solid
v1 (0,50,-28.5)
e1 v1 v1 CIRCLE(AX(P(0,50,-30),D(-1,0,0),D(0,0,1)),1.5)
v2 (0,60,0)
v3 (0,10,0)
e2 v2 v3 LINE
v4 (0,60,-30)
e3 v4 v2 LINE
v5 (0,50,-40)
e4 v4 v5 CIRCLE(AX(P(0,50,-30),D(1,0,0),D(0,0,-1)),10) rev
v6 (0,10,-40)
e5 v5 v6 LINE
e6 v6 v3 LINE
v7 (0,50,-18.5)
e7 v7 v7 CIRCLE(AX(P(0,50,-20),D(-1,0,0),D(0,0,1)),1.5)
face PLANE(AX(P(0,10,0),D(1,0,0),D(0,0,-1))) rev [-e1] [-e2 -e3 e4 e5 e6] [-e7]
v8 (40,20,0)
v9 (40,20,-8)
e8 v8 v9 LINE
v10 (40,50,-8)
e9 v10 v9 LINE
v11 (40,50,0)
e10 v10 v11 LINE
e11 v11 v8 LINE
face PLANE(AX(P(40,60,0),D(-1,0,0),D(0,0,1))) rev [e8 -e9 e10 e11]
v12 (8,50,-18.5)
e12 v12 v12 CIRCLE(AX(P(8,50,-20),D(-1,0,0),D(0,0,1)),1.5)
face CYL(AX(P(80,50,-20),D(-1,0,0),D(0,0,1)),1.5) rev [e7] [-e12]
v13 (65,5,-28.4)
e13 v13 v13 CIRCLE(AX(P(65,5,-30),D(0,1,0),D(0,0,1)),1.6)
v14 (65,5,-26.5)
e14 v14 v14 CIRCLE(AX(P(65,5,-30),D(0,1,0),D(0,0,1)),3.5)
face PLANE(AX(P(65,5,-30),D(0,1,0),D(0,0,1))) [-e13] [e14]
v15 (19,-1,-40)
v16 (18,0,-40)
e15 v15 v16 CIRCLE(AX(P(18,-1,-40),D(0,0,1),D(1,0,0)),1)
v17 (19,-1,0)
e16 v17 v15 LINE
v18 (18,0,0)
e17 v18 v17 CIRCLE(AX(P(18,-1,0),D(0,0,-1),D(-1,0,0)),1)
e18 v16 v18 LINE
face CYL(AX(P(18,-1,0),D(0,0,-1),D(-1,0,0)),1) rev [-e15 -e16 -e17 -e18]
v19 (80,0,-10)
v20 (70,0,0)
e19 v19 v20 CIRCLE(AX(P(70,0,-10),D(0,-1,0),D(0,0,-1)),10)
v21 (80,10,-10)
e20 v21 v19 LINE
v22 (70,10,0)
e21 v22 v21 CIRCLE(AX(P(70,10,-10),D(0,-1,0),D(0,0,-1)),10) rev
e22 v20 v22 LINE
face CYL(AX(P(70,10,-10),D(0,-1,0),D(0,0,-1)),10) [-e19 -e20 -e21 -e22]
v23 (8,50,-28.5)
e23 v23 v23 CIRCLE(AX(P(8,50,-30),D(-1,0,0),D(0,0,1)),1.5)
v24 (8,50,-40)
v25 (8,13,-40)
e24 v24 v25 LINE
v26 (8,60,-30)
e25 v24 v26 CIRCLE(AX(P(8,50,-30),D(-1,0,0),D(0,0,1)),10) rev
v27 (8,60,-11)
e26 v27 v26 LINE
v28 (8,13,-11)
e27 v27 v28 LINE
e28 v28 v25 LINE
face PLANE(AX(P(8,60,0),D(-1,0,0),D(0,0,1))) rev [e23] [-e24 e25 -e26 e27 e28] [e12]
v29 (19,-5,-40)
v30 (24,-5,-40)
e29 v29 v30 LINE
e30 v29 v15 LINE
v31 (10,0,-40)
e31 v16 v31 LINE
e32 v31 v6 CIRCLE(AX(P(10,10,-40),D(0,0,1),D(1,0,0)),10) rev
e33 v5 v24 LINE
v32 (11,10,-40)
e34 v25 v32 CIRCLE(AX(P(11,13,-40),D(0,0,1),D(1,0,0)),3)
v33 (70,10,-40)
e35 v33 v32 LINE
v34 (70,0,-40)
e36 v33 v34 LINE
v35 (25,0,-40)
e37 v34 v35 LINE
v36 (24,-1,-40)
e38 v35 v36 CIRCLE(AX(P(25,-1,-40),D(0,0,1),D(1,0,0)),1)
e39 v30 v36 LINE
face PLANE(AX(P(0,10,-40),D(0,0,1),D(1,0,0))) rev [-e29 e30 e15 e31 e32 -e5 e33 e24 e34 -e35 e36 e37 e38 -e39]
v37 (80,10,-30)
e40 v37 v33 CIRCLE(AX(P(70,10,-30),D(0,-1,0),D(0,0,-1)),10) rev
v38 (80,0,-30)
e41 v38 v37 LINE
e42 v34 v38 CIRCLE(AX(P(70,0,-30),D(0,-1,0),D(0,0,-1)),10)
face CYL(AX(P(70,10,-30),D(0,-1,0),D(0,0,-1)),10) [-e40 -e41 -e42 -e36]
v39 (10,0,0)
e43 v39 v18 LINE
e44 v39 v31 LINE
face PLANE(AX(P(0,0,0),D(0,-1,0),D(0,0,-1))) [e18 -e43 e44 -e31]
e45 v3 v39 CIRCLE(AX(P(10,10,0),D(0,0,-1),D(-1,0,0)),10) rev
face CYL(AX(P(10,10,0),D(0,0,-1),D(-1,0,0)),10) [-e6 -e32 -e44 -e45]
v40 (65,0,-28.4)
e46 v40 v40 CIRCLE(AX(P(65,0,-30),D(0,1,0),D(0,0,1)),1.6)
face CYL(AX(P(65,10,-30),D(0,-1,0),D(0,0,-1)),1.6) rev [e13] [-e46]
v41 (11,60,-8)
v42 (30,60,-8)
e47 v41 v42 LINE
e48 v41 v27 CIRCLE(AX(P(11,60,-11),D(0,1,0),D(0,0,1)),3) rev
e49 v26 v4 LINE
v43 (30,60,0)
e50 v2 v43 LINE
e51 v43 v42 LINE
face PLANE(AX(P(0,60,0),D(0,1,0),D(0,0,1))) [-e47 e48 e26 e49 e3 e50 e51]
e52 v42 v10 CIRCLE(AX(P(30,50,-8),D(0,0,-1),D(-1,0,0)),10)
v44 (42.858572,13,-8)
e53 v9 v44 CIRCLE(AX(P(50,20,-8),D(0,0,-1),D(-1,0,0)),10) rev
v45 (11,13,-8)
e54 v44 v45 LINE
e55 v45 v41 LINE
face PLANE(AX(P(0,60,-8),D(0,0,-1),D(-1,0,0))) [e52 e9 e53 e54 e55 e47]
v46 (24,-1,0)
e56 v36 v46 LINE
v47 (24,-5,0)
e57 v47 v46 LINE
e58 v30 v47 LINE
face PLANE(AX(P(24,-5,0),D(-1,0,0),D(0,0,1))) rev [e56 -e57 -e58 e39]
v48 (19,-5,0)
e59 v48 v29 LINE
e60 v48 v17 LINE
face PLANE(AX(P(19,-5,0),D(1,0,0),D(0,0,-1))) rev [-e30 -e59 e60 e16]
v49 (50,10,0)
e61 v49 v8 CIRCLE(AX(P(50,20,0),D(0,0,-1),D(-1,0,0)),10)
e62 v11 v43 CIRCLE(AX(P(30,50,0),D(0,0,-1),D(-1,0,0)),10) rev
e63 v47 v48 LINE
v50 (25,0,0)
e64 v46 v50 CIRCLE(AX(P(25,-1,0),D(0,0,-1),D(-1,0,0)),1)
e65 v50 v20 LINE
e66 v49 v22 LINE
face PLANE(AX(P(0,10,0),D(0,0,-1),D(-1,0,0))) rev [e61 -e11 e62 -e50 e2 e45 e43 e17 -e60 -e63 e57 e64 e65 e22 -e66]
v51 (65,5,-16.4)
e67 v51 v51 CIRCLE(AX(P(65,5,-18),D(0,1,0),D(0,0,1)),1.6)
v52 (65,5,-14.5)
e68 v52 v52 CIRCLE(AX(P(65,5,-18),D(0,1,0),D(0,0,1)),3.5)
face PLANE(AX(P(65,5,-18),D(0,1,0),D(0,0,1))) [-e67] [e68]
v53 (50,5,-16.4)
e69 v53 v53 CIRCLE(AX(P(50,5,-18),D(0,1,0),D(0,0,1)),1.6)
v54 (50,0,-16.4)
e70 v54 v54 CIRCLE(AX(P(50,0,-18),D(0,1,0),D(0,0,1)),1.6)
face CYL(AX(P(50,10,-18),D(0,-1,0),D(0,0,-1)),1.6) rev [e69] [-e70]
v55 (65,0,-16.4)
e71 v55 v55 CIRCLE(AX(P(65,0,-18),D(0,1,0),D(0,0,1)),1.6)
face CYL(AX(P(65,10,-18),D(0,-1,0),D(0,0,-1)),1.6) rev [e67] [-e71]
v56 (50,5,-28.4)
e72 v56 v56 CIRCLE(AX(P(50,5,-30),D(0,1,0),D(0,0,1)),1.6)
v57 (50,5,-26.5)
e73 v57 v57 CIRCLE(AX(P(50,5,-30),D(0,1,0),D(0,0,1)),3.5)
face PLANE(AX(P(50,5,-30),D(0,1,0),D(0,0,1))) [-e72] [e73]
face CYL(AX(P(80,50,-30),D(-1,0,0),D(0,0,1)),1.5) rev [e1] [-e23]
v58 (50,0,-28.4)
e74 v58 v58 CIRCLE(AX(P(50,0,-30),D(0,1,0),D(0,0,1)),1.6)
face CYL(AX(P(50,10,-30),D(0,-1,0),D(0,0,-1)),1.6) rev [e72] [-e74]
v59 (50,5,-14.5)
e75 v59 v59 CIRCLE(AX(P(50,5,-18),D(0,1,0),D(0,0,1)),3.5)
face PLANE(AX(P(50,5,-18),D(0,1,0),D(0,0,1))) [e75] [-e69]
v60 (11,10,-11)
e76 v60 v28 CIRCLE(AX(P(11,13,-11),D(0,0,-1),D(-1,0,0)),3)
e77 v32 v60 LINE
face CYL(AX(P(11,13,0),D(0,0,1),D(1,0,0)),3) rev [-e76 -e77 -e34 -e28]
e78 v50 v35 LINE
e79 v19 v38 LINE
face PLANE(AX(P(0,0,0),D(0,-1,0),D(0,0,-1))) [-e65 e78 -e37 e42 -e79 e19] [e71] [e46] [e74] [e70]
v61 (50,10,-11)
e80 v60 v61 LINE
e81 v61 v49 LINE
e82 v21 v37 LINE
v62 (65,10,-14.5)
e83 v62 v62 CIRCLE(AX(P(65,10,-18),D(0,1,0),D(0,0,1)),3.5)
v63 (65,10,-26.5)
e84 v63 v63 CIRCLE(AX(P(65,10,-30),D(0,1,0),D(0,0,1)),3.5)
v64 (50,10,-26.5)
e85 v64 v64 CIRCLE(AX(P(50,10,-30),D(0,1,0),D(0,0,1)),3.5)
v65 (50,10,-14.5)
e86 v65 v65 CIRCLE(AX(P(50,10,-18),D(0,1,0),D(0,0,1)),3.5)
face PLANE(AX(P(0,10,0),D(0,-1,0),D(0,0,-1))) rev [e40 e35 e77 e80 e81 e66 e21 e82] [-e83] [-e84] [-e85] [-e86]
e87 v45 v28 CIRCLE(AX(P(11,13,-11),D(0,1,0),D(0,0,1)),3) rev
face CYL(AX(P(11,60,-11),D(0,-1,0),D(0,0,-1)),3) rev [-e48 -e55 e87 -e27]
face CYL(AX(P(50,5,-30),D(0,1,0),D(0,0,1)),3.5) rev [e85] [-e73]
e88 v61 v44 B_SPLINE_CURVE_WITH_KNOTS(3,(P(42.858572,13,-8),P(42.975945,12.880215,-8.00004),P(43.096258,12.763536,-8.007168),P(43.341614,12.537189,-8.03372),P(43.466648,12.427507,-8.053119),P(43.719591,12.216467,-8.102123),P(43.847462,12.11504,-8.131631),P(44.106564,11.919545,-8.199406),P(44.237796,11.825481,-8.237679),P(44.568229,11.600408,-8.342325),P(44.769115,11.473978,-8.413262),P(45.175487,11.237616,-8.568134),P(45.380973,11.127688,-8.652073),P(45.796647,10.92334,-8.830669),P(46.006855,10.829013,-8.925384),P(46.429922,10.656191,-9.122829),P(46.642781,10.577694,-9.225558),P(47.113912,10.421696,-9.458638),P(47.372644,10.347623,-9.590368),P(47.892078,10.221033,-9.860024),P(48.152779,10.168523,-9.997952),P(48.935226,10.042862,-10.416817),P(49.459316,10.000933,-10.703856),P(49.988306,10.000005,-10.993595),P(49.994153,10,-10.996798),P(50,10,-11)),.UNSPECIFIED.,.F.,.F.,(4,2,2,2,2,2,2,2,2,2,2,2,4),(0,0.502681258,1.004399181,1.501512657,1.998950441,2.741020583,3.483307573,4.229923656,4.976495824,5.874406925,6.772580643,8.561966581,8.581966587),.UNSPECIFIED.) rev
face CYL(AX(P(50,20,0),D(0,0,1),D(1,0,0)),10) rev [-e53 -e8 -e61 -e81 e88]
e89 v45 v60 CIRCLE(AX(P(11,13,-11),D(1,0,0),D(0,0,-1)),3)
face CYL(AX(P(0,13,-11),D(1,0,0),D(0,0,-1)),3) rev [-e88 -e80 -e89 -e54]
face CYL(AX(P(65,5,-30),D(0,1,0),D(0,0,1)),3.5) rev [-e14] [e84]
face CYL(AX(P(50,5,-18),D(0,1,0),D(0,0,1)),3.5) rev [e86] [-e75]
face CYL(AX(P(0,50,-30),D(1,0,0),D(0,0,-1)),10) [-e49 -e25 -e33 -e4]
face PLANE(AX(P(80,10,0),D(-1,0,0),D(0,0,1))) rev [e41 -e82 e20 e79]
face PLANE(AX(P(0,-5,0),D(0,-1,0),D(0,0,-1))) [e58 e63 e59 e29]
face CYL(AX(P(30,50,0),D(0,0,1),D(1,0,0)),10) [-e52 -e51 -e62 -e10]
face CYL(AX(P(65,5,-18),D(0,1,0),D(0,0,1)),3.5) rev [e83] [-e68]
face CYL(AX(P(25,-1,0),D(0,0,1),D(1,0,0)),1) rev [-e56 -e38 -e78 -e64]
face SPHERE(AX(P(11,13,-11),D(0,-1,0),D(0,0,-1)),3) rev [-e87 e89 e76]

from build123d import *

# Parameters (mm, degrees)
SKETCH1_W           = 80
SKETCH1_H           = 40
SKETCH1_R           = 1.6
BOSS_EXTRUDE1_DEPTH = 10
SKETCH2_W           = 8
SKETCH2_H           = 32
SKETCH2_H_2         = 8
SKETCH2_W_2         = 32
BOSS_EXTRUDE2_DEPTH = 50
FILLET1_R           = 10
FILLET2_R           = 3
SKETCH3_R           = 3.5
CUT_EXTRUDE1_DEPTH  = 5
FILLET3_R           = 10
SKETCH4_W           = 5
SKETCH4_H           = 40
BOSS_EXTRUDE3_DEPTH = 5
FILLET4_R           = 1
SKETCH5_R           = 1.5
CUT_EXTRUDE2_DEPTH  = 80


with BuildPart() as part:
    # Sketch1 → Boss-Extrude1 (new body)
    with BuildSketch(Plane(origin=(0, 0, 0), x_dir=(1, 0, 0), z_dir=(0, 1, 0))):
        with Locations((40, 20)):
            Rectangle(SKETCH1_W, SKETCH1_H)
        with Locations(Location((65, 30, 0), (0, 0, 270))):
            Circle(SKETCH1_R, mode=Mode.SUBTRACT)
        with Locations(Location((50, 30, 0), (0, 0, 270))):
            Circle(SKETCH1_R, mode=Mode.SUBTRACT)
        with Locations(Location((50, 18, 0), (0, 0, 270))):
            Circle(SKETCH1_R, mode=Mode.SUBTRACT)
        with Locations(Location((65, 18, 0), (0, 0, 270))):
            Circle(SKETCH1_R, mode=Mode.SUBTRACT)
    extrude(amount=BOSS_EXTRUDE1_DEPTH)

    # Sketch2 → Boss-Extrude2 (add)
    with BuildSketch(Plane(origin=(0, 10, 0), x_dir=(1, 0, 0), z_dir=(0, 1, 0))):
        with Locations((4, 24)):
            Rectangle(SKETCH2_W, SKETCH2_H)
        with Locations((4, 4)):
            Rectangle(SKETCH2_W, SKETCH2_H_2)
        with Locations((24, 4)):
            Rectangle(SKETCH2_W_2, SKETCH2_H_2)
    extrude(amount=BOSS_EXTRUDE2_DEPTH)

    # Fillet1
    fillet1_edges = [part.edges().sort_by_distance(p)[0] for p in [
        (40, 10, -4),
        (40, 60, -4),
        (4, 60, -40),
        (80, 5, -40),
        (80, 5, 0),
    ]]
    fillet(fillet1_edges, radius=FILLET1_R)

    # Fillet2
    fillet2_edges = [part.edges().sort_by_distance(p)[0] for p in [
        (8, 10, -24),
        (8, 35, -8),
        (29, 10, -8),
    ]]
    fillet(fillet2_edges, radius=FILLET2_R)

    # Sketch3 → Cut-Extrude1 (cut)
    with BuildSketch(Plane(origin=(0, 10, 0), x_dir=(1, 0, 0), z_dir=(0, 1, 0))):
        with Locations(Location((50, 30, 0), (0, 0, 270))):
            Circle(SKETCH3_R)
        with Locations(Location((50, 18, 0), (0, 0, 270))):
            Circle(SKETCH3_R)
        with Locations(Location((65, 18, 0), (0, 0, 270))):
            Circle(SKETCH3_R)
        with Locations(Location((65, 30, 0), (0, 0, 270))):
            Circle(SKETCH3_R)
    extrude(amount=-CUT_EXTRUDE1_DEPTH, mode=Mode.SUBTRACT)

    # Fillet3
    fillet3_edges = [part.edges().sort_by_distance(p)[0] for p in [
        (0, 0, -20),
    ]]
    fillet(fillet3_edges, radius=FILLET3_R)

    # Sketch4 → Boss-Extrude3 (add)
    with BuildSketch(Plane.XZ):
        with Locations((21.5, -20)):
            Rectangle(SKETCH4_W, SKETCH4_H)
    extrude(amount=BOSS_EXTRUDE3_DEPTH)

    # Fillet4
    fillet4_edges = [part.edges().sort_by_distance(p)[0] for p in [
        (19, 0, -20),
        (24, 0, -20),
    ]]
    fillet(fillet4_edges, radius=FILLET4_R)

    # Sketch5 → Cut-Extrude2 (cut)
    with BuildSketch(Plane.ZY):
        with Locations((-30, 50)):
            Circle(SKETCH5_R)
        with Locations((-20, 50)):
            Circle(SKETCH5_R)
    extrude(amount=-CUT_EXTRUDE2_DEPTH, mode=Mode.SUBTRACT)


solid = part.part
